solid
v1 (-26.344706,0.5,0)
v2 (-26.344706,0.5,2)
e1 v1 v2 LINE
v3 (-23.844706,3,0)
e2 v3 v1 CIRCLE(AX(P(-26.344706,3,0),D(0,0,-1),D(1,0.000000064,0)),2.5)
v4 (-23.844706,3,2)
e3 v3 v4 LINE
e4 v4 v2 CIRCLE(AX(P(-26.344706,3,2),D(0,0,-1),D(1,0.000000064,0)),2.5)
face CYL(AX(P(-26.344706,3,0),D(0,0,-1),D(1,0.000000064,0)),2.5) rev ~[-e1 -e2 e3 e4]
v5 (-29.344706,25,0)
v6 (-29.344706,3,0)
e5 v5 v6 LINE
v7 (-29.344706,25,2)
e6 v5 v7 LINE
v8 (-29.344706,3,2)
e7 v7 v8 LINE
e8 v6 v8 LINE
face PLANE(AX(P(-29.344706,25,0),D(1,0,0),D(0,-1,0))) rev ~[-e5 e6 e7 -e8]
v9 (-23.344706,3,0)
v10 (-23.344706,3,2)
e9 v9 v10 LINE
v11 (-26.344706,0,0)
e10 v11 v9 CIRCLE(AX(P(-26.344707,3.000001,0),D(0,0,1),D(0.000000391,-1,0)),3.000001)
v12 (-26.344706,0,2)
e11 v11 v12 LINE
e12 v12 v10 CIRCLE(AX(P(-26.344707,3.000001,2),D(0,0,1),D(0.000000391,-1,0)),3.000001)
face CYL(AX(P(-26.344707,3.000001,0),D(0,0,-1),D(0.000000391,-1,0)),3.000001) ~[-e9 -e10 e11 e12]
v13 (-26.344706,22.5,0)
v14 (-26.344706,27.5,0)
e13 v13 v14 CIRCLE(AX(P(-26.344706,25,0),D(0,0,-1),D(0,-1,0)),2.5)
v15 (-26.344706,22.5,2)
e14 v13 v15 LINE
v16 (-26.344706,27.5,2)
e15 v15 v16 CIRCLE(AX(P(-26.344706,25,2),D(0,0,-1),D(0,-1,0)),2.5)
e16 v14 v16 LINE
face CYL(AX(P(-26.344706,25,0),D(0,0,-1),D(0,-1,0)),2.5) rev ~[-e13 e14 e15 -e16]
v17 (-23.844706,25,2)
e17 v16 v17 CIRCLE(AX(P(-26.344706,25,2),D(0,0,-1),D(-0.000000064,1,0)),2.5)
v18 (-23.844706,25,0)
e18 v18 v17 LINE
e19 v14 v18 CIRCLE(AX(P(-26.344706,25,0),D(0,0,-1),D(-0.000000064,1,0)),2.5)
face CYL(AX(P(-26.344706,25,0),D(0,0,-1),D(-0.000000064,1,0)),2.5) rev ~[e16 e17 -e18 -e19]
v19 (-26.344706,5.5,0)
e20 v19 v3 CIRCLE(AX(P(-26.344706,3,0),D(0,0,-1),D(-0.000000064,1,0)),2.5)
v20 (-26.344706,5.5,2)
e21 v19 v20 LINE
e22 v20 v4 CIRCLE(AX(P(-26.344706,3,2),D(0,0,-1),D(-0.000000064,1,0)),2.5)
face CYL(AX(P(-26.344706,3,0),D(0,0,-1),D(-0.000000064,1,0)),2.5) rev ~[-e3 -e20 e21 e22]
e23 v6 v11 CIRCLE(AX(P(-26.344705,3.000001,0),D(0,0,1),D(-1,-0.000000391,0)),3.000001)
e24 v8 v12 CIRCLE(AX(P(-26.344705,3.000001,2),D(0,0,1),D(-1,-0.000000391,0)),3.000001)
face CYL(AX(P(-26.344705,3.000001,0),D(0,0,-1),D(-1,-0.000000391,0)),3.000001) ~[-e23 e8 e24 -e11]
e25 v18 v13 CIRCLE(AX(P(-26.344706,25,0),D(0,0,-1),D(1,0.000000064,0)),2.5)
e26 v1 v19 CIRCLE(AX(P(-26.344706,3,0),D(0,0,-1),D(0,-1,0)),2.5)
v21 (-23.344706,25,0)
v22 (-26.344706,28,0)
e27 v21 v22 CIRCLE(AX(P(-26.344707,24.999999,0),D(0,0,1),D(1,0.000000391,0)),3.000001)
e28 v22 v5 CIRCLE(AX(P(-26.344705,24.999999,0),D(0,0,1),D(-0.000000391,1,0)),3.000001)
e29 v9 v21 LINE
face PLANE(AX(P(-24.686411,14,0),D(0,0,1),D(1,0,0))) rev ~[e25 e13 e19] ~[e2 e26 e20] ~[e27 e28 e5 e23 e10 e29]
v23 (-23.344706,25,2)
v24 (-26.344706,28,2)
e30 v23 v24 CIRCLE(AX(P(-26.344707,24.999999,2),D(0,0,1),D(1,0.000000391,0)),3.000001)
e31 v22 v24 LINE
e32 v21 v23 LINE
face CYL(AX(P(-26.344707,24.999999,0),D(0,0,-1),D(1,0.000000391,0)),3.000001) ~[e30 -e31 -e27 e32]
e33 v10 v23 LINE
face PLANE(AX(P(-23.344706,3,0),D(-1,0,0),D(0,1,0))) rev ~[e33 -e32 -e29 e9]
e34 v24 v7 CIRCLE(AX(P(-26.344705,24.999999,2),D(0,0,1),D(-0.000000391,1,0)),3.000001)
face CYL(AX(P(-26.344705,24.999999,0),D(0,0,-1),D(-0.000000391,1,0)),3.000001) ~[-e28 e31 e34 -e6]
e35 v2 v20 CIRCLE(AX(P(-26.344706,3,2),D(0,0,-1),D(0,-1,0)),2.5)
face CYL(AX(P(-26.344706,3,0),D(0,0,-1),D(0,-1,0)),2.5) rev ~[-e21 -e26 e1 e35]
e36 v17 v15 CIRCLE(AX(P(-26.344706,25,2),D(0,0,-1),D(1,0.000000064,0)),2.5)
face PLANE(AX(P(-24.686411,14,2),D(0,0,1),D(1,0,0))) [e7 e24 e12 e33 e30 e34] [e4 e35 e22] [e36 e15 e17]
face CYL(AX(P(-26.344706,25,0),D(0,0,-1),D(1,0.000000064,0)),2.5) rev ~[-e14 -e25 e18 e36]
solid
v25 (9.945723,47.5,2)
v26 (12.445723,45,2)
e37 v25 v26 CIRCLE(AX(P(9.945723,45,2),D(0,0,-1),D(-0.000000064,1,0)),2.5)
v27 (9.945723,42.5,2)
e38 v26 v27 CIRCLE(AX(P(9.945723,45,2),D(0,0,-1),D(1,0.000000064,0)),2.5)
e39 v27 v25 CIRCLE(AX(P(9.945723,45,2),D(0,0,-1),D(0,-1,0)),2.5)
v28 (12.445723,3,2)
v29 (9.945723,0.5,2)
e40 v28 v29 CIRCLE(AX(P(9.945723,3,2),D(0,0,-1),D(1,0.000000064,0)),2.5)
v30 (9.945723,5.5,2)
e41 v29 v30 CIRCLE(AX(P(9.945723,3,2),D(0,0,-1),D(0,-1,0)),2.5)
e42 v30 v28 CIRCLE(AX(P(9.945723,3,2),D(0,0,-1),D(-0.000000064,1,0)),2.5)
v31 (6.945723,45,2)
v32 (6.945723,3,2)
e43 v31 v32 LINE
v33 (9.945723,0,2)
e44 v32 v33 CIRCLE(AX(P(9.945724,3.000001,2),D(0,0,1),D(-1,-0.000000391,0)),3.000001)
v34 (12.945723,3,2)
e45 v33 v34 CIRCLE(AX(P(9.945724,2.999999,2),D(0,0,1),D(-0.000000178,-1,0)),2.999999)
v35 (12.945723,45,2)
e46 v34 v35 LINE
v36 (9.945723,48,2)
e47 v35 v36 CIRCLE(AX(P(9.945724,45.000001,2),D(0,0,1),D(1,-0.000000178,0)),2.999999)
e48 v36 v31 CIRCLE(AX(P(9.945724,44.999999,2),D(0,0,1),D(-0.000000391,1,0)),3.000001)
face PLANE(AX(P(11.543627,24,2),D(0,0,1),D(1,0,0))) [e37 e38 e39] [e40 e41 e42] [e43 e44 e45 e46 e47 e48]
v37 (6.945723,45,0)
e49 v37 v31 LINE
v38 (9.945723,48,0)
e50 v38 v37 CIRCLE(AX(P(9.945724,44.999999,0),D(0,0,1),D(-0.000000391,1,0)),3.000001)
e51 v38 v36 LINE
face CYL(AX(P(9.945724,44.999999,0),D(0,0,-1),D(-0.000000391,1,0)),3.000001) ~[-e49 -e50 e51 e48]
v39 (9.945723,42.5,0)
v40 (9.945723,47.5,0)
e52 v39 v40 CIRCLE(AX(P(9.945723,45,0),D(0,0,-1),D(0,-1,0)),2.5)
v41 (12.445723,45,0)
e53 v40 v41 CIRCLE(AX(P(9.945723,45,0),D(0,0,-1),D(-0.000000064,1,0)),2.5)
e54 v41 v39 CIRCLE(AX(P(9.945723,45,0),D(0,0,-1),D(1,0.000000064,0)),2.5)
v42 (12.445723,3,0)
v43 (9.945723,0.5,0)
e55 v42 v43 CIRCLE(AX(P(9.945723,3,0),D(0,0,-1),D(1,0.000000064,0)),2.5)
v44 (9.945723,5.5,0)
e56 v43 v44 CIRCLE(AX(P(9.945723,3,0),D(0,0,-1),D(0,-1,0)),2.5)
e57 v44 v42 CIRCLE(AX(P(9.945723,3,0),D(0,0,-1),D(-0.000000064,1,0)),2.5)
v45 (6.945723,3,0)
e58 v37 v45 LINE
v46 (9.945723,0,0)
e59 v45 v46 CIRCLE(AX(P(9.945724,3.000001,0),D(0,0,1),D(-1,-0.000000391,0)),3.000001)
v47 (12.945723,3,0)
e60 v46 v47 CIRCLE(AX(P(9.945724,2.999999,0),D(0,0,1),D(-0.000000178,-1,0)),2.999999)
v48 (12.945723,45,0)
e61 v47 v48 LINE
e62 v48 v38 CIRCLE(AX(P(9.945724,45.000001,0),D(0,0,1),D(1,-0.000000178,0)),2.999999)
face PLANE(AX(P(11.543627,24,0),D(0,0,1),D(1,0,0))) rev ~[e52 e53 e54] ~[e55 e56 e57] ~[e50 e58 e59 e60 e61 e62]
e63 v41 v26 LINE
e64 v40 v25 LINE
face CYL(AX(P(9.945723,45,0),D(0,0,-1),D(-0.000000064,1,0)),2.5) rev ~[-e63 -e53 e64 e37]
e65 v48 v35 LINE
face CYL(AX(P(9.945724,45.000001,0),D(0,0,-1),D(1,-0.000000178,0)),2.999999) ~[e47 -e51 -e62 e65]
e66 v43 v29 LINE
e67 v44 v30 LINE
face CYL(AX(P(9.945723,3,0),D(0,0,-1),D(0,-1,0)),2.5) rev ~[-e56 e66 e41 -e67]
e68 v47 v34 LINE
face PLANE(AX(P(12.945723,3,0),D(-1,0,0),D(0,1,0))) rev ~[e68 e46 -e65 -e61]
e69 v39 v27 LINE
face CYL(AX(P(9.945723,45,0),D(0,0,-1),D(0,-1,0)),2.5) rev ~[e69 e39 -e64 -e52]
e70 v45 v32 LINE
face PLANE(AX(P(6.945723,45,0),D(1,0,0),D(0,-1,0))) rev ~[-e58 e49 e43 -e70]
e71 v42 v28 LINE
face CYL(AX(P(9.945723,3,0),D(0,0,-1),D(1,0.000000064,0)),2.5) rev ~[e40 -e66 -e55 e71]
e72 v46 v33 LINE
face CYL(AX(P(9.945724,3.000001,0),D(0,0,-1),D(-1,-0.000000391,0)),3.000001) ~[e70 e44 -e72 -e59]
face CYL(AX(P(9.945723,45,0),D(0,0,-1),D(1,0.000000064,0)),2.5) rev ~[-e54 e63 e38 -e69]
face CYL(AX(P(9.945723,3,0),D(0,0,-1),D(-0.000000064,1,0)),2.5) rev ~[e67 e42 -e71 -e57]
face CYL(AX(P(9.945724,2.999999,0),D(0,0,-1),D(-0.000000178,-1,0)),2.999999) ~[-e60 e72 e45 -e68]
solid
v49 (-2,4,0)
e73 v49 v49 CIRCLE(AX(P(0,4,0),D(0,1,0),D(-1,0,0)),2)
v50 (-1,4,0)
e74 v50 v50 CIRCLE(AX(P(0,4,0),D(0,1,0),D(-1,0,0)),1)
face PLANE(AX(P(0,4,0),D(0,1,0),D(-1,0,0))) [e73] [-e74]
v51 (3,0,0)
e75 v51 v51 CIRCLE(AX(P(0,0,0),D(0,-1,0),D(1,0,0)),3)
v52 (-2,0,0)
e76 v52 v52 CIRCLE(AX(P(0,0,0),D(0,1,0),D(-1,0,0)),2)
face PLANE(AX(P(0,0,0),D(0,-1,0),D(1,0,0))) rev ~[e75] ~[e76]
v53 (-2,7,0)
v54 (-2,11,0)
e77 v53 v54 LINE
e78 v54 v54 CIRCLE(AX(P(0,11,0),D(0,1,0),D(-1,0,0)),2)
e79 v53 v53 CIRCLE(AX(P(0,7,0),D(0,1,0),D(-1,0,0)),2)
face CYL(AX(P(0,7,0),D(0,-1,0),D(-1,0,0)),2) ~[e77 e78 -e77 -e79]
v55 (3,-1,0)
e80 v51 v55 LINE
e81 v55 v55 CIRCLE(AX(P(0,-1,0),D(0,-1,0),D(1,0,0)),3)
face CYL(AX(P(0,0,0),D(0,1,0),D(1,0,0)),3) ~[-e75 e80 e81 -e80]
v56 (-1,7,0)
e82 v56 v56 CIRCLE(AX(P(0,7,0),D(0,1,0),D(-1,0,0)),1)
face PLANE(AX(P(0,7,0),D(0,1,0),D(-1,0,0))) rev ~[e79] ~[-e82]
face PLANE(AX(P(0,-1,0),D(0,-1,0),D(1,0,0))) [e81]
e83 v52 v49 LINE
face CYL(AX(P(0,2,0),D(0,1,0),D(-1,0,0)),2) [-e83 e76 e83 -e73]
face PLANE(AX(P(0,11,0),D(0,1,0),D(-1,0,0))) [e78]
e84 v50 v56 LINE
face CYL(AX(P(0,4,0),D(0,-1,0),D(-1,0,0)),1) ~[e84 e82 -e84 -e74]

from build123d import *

# Parameters (mm, degrees)
F1_DEPTH = 2
F2_DEPTH = 2
F0_W     = 2
F0_H     = 4
F4_R     = 3
F4_R_2   = 2
F5_DEPTH = 1
F6_R     = 1
F7_DEPTH = 3
F8_R     = 2
F8_R_2   = 1
F9_DEPTH = 4


with BuildPart() as f1:
    # F0 (on Top) → F1 (new body)
    with BuildSketch(Plane.XY):
        with BuildLine():
            Line((-26.344706, 0.5), (-26.344706, 0))
            ThreePointArc((-26.344706, 0), (-24.223386, 0.87868), (-23.344706, 3))
            Line((-23.344706, 3), (-23.344706, 25))
            ThreePointArc((-23.344706, 25), (-24.223386, 27.12132), (-26.344706, 28))
            Line((-26.344706, 28), (-26.344706, 27.5))
            ThreePointArc((-26.344706, 27.5), (-24.576939, 26.767767), (-23.844706, 25))
            ThreePointArc((-23.844706, 25), (-24.576939, 23.232233), (-26.344706, 22.5))
            Line((-26.344706, 22.5), (-26.344706, 5.5))
            ThreePointArc((-26.344706, 5.5), (-24.576939, 4.767767), (-23.844706, 3))
            ThreePointArc((-23.844706, 3), (-24.576939, 1.232233), (-26.344706, 0.5))
        make_face()
        with BuildLine():
            Line((-29.344706, 25), (-29.344706, 3))
            ThreePointArc((-29.344706, 3), (-28.466026, 0.87868), (-26.344706, 0))
            Line((-26.344706, 0), (-26.344706, 0.5))
            ThreePointArc((-26.344706, 0.5), (-28.844706, 3), (-26.344706, 5.5))
            Line((-26.344706, 5.5), (-26.344706, 22.5))
            ThreePointArc((-26.344706, 22.5), (-28.844706, 25), (-26.344706, 27.5))
            Line((-26.344706, 27.5), (-26.344706, 28))
            ThreePointArc((-26.344706, 28), (-28.466026, 27.12132), (-29.344706, 25))
        make_face()
    extrude(amount=F1_DEPTH)


with BuildPart() as f2:
    # F0 (on Top) → F2 (new body)
    with BuildSketch(Plane.XY):
        with BuildLine():
            Line((9.945723, 0.5), (9.945723, 0))
            ThreePointArc((9.945723, 0), (12.067044, 0.87868), (12.945723, 3))
            Line((12.945723, 3), (12.945723, 45))
            ThreePointArc((12.945723, 45), (12.067044, 47.12132), (9.945723, 48))
            Line((9.945723, 48), (9.945723, 47.5))
            ThreePointArc((9.945723, 47.5), (11.71349, 46.767767), (12.445723, 45))
            ThreePointArc((12.445723, 45), (11.71349, 43.232233), (9.945723, 42.5))
            Line((9.945723, 42.5), (9.945723, 5.5))
            ThreePointArc((9.945723, 5.5), (11.71349, 4.767767), (12.445723, 3))
            ThreePointArc((12.445723, 3), (11.71349, 1.232233), (9.945723, 0.5))
        make_face()
        with BuildLine():
            ThreePointArc((6.945723, 3), (7.824403, 0.87868), (9.945723, 0))
            Line((9.945723, 0), (9.945723, 0.5))
            ThreePointArc((9.945723, 0.5), (7.445723, 3), (9.945723, 5.5))
            Line((9.945723, 5.5), (9.945723, 42.5))
            ThreePointArc((9.945723, 42.5), (7.445723, 45), (9.945723, 47.5))
            Line((9.945723, 47.5), (9.945723, 48))
            ThreePointArc((9.945723, 48), (7.824403, 47.12132), (6.945723, 45))
            Line((6.945723, 45), (6.945723, 3))
        make_face()
    extrude(amount=F2_DEPTH)


with BuildPart() as f3:
    # F0 (on Top) → F3 (revolve)
    with BuildSketch(Plane.XY):
        with Locations((-1, 2)):
            Rectangle(F0_W, F0_H)
    revolve(axis=Axis((0, 2, 0), (0, 1, 0)))

    # F4 (on face) → F5 (join)
    with BuildSketch(Plane.XZ):
        Circle(F4_R)
        Circle(F4_R_2, mode=Mode.SUBTRACT)
        Circle(F4_R_2)
    extrude(amount=F5_DEPTH)

    # F6 (on face) → F7 (join)
    with BuildSketch(Plane(origin=(0, 4, 0), x_dir=(-1, 0, 0), z_dir=(0, 1, 0))):
        Circle(F6_R)
    extrude(amount=F7_DEPTH)

    # F8 (on face) → F9 (join)
    with BuildSketch(Plane(origin=(0, 7, 0), x_dir=(-1, 0, 0), z_dir=(0, 1, 0))):
        Circle(F8_R)
        Circle(F8_R_2, mode=Mode.SUBTRACT)
        Circle(F8_R_2)
    extrude(amount=F9_DEPTH)


solid = Compound([f1.part, f2.part, f3.part])
